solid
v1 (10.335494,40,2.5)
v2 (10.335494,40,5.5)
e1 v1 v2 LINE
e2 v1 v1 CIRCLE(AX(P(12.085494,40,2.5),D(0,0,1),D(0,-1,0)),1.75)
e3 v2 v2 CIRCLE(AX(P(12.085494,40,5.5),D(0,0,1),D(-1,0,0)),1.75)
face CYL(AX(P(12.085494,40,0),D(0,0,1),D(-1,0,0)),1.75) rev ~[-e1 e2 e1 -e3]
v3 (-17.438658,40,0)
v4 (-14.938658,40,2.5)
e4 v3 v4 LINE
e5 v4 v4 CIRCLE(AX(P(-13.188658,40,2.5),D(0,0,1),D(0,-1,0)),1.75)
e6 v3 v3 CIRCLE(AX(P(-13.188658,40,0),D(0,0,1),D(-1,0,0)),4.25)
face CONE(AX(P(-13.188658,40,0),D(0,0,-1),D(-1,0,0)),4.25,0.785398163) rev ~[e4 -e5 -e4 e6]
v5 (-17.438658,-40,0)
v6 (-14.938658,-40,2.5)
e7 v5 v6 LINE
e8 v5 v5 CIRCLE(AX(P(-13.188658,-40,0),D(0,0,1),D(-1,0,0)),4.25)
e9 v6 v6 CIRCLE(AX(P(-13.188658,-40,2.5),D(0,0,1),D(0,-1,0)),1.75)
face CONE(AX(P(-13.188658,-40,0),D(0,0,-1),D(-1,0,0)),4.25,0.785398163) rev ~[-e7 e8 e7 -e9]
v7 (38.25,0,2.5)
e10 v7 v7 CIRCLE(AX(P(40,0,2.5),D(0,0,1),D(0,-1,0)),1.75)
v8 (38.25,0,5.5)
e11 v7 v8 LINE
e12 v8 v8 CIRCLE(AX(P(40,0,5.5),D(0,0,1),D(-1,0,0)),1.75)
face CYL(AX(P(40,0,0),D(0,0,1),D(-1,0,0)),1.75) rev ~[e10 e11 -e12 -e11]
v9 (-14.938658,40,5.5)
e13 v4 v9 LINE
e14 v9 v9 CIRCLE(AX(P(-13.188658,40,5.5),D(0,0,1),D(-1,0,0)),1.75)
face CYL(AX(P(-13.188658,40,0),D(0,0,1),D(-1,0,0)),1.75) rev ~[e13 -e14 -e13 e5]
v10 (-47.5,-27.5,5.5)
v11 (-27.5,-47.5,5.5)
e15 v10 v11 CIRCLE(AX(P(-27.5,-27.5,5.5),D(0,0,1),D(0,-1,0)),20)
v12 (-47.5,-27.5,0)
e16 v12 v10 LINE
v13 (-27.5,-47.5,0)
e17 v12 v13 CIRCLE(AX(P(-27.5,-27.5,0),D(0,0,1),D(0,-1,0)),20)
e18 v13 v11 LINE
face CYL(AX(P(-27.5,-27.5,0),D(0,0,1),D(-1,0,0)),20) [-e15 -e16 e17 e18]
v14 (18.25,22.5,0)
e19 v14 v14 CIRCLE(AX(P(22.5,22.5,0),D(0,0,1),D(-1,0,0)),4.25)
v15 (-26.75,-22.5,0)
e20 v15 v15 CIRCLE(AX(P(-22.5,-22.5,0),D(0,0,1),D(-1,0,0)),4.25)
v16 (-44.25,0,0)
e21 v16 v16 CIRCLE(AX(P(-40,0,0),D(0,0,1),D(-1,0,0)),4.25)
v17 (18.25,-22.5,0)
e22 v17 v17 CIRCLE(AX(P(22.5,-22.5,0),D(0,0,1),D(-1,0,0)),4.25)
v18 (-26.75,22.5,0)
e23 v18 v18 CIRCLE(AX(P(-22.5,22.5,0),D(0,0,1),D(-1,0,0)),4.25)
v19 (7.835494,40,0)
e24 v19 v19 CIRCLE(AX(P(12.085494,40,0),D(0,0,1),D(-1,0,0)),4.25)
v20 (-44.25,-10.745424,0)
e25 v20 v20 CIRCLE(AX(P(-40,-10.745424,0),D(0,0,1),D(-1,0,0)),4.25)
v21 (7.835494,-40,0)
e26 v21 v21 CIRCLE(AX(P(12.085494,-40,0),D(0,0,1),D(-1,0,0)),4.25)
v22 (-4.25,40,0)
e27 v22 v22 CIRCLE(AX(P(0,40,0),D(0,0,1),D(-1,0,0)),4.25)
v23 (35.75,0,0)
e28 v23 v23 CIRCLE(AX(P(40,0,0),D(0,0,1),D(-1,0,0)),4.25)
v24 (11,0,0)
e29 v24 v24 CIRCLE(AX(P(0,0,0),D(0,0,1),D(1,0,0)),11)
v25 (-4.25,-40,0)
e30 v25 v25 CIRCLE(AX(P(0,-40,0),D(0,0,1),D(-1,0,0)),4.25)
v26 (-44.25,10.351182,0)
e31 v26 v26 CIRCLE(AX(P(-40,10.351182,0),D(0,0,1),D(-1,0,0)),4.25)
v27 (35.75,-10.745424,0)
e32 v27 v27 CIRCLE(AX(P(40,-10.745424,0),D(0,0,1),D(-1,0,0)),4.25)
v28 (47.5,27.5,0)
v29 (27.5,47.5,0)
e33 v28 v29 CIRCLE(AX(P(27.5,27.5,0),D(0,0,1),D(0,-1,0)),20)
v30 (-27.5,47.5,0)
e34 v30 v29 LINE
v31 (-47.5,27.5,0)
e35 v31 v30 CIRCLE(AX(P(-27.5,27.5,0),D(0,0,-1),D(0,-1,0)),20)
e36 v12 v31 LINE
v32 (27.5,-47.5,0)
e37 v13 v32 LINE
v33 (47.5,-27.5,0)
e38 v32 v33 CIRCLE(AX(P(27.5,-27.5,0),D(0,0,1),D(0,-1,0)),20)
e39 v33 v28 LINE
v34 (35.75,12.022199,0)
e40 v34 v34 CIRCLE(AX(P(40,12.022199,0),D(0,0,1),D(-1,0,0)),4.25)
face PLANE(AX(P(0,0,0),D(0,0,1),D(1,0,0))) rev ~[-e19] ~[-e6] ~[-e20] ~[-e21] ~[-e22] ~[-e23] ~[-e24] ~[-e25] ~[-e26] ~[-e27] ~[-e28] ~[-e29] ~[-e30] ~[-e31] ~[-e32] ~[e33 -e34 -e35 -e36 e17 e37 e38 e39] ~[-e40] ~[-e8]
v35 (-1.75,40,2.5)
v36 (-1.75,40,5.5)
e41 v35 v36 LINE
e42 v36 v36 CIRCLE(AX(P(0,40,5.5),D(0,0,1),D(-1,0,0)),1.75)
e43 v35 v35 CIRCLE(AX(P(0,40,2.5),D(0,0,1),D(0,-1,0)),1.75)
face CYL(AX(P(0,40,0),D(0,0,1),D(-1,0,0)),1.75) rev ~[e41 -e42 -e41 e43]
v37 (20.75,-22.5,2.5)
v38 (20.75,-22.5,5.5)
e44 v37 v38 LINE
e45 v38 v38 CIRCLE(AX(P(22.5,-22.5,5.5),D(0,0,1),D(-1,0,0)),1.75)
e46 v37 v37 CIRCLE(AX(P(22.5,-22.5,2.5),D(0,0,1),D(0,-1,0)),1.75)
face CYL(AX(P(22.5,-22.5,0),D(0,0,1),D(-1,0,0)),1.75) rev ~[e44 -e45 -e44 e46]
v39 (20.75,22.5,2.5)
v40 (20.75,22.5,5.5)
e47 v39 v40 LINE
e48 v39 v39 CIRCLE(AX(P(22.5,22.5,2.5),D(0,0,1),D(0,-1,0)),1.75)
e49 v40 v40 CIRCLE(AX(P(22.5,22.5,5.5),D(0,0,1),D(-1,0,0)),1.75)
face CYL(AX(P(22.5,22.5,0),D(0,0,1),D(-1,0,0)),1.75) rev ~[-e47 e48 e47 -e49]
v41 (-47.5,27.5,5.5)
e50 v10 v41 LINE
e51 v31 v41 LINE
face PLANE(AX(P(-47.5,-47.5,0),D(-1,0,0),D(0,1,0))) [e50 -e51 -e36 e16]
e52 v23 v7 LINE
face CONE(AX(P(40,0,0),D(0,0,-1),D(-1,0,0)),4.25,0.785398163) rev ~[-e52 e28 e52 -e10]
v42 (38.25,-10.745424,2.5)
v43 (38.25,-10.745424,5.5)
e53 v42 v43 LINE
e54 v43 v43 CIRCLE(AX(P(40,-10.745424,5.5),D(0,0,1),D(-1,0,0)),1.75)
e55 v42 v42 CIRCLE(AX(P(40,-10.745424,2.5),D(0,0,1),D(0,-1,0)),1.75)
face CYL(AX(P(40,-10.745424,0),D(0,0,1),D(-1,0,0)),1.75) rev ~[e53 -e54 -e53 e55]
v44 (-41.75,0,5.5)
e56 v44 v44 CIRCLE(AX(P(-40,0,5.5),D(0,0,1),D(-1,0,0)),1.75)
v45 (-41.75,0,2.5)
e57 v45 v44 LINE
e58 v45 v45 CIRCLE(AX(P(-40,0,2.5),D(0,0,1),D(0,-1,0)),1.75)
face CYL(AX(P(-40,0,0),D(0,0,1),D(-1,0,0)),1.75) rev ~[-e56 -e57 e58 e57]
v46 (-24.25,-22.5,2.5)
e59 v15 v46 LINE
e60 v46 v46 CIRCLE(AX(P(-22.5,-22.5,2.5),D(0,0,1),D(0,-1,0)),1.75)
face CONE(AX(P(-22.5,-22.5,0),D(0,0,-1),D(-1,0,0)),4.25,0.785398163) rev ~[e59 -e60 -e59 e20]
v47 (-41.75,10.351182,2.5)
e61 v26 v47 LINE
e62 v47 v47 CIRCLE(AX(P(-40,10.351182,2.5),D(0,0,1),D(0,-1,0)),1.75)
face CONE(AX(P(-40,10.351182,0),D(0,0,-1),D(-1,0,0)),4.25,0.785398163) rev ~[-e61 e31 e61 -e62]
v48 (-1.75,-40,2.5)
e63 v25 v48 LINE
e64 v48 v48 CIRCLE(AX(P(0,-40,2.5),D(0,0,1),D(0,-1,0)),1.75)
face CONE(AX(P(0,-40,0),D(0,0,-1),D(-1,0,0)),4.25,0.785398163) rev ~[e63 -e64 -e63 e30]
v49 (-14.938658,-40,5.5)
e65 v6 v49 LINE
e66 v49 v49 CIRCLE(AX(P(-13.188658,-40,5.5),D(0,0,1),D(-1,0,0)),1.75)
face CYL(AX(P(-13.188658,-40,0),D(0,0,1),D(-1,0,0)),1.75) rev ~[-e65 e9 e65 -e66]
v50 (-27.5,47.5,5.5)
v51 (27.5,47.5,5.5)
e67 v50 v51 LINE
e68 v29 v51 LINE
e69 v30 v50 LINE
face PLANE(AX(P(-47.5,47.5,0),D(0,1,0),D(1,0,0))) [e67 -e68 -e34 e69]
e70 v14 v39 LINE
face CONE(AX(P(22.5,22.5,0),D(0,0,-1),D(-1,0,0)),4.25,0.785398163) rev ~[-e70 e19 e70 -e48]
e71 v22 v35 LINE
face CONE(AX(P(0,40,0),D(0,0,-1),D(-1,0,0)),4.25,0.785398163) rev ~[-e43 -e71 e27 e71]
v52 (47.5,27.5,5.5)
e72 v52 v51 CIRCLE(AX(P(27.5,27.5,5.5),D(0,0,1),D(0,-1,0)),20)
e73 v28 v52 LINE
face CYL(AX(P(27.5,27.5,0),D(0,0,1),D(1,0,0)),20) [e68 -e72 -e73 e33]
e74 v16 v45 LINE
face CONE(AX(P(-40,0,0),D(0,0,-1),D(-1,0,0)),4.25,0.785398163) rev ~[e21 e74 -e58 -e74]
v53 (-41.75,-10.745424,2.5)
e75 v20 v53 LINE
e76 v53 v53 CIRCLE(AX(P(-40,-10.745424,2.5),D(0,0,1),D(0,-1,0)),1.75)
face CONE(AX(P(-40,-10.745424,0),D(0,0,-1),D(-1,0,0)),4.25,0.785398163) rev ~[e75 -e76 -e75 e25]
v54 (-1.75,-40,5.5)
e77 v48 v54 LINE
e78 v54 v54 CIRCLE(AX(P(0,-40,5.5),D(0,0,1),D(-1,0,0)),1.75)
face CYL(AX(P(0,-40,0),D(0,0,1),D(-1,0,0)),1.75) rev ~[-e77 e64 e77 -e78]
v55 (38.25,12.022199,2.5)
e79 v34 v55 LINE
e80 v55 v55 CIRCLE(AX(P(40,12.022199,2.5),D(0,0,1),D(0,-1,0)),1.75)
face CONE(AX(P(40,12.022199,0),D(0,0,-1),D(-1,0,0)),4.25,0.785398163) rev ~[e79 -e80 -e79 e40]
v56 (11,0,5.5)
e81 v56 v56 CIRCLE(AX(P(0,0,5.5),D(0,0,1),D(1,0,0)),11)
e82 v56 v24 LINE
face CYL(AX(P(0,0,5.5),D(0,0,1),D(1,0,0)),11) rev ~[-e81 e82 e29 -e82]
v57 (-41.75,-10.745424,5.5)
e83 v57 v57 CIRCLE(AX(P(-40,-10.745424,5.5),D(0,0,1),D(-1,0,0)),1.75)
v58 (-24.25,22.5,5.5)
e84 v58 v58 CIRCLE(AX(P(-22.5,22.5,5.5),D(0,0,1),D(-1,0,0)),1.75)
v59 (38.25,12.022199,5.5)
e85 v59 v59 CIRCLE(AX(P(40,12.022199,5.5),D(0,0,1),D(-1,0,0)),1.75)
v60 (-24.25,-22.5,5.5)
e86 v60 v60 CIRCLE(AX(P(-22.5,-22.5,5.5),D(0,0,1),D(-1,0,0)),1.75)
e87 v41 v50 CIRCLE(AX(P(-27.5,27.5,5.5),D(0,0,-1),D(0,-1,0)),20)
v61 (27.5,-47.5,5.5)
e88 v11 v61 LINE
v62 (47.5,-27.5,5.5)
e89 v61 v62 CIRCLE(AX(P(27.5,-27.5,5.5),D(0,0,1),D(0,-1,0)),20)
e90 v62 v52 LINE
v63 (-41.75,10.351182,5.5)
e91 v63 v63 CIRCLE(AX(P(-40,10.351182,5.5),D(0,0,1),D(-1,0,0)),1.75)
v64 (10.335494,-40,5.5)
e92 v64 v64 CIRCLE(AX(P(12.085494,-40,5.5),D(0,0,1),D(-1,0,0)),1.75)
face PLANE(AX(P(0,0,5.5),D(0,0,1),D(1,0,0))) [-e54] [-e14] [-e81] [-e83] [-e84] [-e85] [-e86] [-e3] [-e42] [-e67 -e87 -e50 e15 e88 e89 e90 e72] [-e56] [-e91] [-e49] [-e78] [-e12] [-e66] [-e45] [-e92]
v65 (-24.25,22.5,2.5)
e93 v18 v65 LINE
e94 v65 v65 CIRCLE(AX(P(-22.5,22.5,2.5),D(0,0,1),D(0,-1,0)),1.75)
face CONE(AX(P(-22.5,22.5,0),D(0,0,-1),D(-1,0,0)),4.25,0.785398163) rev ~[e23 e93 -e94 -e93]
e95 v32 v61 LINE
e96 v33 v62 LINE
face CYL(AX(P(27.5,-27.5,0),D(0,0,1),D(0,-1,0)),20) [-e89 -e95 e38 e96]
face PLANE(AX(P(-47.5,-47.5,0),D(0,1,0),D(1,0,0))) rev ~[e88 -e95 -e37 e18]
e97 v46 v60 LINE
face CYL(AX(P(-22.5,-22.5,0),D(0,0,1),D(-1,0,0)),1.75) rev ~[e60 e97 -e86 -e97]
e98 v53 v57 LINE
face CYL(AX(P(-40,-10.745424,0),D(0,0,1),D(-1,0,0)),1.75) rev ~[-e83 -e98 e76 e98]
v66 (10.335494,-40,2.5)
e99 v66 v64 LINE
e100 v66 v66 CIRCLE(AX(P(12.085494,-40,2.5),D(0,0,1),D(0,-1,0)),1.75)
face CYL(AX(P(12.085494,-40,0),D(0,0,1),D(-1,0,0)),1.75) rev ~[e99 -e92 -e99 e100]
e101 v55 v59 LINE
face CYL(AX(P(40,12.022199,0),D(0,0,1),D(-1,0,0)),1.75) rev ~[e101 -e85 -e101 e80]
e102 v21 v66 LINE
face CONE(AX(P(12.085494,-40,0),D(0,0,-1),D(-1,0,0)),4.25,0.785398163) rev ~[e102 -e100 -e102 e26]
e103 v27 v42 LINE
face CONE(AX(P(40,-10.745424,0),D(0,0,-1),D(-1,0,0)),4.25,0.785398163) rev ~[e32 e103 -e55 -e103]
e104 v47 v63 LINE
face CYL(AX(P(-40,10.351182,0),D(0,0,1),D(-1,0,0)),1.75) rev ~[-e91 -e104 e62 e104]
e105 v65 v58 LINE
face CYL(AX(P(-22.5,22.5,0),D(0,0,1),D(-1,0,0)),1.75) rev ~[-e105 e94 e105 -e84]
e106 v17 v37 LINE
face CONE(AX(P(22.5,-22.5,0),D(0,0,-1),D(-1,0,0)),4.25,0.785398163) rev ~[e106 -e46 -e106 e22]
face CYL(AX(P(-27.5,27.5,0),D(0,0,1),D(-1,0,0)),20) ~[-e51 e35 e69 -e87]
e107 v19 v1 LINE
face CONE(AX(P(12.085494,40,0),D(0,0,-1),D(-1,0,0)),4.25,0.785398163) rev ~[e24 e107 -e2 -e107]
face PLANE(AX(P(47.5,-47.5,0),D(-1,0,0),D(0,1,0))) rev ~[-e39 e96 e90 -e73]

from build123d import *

# Parameters (mm, degrees)
F0_W            = 95
F0_H            = 95
F1_DEPTH        = 5.5
F2_R            = 20
F3_R            = 11
F4_DEPTH        = 5.5
F6_D            = 3.5
F6_CSINK_D      = 8.5
F6_CSINK_ANGLE  = 90
F8_D            = 3.5
F8_CSINK_D      = 8.5
F8_CSINK_ANGLE  = 90
F10_D           = 3.5
F10_CSINK_D     = 8.5
F10_CSINK_ANGLE = 90


with BuildPart() as f1:
    # F0 (on Top) → F1 (new body)
    with BuildSketch(Plane.XY):
        Rectangle(F0_W, F0_H)
    extrude(amount=F1_DEPTH)

    # F2
    f2_edges = [f1.edges().sort_by_distance(p)[0] for p in [
        (47.5, -47.5, 2.75),
        (47.5, 47.5, 2.75),
        (-47.5, 47.5, 2.75),
        (-47.5, -47.5, 2.75),
    ]]
    fillet(f2_edges, radius=F2_R)

    # F3 (on face) → F4 (cut)
    with BuildSketch(Plane.XY.offset(5.5)):
        Circle(F3_R)
    extrude(amount=-F4_DEPTH, mode=Mode.SUBTRACT)

    # F6 (through all)
    with Locations(Plane(origin=(0, 0, 0), x_dir=(1, 0, 0), z_dir=(0, 0, -1))):
        with Locations((0, -40), (0, 40), (40, 0), (-40, 0)):
            CounterSinkHole(F6_D / 2, F6_CSINK_D / 2, counter_sink_angle=F6_CSINK_ANGLE)

    # F8 (through all)
    with Locations(Plane(origin=(0, 0, 0), x_dir=(1, 0, 0), z_dir=(0, 0, -1))):
        with Locations((-13.188658, 40), (12.085494, 40), (40, 10.745424), (40, -12.022199), (12.085494, -40), (-13.188658, -40), (-40, -10.351182), (-40, 10.745424)):
            CounterSinkHole(F8_D / 2, F8_CSINK_D / 2, counter_sink_angle=F8_CSINK_ANGLE)

    # F10 (through all)
    with Locations(Plane(origin=(0, 0, 0), x_dir=(1, 0, 0), z_dir=(0, 0, -1))):
        with Locations((-22.5, 22.5), (22.5, 22.5), (22.5, -22.5), (-22.5, -22.5)):
            CounterSinkHole(F10_D / 2, F10_CSINK_D / 2, counter_sink_angle=F10_CSINK_ANGLE)


solid = f1.part
